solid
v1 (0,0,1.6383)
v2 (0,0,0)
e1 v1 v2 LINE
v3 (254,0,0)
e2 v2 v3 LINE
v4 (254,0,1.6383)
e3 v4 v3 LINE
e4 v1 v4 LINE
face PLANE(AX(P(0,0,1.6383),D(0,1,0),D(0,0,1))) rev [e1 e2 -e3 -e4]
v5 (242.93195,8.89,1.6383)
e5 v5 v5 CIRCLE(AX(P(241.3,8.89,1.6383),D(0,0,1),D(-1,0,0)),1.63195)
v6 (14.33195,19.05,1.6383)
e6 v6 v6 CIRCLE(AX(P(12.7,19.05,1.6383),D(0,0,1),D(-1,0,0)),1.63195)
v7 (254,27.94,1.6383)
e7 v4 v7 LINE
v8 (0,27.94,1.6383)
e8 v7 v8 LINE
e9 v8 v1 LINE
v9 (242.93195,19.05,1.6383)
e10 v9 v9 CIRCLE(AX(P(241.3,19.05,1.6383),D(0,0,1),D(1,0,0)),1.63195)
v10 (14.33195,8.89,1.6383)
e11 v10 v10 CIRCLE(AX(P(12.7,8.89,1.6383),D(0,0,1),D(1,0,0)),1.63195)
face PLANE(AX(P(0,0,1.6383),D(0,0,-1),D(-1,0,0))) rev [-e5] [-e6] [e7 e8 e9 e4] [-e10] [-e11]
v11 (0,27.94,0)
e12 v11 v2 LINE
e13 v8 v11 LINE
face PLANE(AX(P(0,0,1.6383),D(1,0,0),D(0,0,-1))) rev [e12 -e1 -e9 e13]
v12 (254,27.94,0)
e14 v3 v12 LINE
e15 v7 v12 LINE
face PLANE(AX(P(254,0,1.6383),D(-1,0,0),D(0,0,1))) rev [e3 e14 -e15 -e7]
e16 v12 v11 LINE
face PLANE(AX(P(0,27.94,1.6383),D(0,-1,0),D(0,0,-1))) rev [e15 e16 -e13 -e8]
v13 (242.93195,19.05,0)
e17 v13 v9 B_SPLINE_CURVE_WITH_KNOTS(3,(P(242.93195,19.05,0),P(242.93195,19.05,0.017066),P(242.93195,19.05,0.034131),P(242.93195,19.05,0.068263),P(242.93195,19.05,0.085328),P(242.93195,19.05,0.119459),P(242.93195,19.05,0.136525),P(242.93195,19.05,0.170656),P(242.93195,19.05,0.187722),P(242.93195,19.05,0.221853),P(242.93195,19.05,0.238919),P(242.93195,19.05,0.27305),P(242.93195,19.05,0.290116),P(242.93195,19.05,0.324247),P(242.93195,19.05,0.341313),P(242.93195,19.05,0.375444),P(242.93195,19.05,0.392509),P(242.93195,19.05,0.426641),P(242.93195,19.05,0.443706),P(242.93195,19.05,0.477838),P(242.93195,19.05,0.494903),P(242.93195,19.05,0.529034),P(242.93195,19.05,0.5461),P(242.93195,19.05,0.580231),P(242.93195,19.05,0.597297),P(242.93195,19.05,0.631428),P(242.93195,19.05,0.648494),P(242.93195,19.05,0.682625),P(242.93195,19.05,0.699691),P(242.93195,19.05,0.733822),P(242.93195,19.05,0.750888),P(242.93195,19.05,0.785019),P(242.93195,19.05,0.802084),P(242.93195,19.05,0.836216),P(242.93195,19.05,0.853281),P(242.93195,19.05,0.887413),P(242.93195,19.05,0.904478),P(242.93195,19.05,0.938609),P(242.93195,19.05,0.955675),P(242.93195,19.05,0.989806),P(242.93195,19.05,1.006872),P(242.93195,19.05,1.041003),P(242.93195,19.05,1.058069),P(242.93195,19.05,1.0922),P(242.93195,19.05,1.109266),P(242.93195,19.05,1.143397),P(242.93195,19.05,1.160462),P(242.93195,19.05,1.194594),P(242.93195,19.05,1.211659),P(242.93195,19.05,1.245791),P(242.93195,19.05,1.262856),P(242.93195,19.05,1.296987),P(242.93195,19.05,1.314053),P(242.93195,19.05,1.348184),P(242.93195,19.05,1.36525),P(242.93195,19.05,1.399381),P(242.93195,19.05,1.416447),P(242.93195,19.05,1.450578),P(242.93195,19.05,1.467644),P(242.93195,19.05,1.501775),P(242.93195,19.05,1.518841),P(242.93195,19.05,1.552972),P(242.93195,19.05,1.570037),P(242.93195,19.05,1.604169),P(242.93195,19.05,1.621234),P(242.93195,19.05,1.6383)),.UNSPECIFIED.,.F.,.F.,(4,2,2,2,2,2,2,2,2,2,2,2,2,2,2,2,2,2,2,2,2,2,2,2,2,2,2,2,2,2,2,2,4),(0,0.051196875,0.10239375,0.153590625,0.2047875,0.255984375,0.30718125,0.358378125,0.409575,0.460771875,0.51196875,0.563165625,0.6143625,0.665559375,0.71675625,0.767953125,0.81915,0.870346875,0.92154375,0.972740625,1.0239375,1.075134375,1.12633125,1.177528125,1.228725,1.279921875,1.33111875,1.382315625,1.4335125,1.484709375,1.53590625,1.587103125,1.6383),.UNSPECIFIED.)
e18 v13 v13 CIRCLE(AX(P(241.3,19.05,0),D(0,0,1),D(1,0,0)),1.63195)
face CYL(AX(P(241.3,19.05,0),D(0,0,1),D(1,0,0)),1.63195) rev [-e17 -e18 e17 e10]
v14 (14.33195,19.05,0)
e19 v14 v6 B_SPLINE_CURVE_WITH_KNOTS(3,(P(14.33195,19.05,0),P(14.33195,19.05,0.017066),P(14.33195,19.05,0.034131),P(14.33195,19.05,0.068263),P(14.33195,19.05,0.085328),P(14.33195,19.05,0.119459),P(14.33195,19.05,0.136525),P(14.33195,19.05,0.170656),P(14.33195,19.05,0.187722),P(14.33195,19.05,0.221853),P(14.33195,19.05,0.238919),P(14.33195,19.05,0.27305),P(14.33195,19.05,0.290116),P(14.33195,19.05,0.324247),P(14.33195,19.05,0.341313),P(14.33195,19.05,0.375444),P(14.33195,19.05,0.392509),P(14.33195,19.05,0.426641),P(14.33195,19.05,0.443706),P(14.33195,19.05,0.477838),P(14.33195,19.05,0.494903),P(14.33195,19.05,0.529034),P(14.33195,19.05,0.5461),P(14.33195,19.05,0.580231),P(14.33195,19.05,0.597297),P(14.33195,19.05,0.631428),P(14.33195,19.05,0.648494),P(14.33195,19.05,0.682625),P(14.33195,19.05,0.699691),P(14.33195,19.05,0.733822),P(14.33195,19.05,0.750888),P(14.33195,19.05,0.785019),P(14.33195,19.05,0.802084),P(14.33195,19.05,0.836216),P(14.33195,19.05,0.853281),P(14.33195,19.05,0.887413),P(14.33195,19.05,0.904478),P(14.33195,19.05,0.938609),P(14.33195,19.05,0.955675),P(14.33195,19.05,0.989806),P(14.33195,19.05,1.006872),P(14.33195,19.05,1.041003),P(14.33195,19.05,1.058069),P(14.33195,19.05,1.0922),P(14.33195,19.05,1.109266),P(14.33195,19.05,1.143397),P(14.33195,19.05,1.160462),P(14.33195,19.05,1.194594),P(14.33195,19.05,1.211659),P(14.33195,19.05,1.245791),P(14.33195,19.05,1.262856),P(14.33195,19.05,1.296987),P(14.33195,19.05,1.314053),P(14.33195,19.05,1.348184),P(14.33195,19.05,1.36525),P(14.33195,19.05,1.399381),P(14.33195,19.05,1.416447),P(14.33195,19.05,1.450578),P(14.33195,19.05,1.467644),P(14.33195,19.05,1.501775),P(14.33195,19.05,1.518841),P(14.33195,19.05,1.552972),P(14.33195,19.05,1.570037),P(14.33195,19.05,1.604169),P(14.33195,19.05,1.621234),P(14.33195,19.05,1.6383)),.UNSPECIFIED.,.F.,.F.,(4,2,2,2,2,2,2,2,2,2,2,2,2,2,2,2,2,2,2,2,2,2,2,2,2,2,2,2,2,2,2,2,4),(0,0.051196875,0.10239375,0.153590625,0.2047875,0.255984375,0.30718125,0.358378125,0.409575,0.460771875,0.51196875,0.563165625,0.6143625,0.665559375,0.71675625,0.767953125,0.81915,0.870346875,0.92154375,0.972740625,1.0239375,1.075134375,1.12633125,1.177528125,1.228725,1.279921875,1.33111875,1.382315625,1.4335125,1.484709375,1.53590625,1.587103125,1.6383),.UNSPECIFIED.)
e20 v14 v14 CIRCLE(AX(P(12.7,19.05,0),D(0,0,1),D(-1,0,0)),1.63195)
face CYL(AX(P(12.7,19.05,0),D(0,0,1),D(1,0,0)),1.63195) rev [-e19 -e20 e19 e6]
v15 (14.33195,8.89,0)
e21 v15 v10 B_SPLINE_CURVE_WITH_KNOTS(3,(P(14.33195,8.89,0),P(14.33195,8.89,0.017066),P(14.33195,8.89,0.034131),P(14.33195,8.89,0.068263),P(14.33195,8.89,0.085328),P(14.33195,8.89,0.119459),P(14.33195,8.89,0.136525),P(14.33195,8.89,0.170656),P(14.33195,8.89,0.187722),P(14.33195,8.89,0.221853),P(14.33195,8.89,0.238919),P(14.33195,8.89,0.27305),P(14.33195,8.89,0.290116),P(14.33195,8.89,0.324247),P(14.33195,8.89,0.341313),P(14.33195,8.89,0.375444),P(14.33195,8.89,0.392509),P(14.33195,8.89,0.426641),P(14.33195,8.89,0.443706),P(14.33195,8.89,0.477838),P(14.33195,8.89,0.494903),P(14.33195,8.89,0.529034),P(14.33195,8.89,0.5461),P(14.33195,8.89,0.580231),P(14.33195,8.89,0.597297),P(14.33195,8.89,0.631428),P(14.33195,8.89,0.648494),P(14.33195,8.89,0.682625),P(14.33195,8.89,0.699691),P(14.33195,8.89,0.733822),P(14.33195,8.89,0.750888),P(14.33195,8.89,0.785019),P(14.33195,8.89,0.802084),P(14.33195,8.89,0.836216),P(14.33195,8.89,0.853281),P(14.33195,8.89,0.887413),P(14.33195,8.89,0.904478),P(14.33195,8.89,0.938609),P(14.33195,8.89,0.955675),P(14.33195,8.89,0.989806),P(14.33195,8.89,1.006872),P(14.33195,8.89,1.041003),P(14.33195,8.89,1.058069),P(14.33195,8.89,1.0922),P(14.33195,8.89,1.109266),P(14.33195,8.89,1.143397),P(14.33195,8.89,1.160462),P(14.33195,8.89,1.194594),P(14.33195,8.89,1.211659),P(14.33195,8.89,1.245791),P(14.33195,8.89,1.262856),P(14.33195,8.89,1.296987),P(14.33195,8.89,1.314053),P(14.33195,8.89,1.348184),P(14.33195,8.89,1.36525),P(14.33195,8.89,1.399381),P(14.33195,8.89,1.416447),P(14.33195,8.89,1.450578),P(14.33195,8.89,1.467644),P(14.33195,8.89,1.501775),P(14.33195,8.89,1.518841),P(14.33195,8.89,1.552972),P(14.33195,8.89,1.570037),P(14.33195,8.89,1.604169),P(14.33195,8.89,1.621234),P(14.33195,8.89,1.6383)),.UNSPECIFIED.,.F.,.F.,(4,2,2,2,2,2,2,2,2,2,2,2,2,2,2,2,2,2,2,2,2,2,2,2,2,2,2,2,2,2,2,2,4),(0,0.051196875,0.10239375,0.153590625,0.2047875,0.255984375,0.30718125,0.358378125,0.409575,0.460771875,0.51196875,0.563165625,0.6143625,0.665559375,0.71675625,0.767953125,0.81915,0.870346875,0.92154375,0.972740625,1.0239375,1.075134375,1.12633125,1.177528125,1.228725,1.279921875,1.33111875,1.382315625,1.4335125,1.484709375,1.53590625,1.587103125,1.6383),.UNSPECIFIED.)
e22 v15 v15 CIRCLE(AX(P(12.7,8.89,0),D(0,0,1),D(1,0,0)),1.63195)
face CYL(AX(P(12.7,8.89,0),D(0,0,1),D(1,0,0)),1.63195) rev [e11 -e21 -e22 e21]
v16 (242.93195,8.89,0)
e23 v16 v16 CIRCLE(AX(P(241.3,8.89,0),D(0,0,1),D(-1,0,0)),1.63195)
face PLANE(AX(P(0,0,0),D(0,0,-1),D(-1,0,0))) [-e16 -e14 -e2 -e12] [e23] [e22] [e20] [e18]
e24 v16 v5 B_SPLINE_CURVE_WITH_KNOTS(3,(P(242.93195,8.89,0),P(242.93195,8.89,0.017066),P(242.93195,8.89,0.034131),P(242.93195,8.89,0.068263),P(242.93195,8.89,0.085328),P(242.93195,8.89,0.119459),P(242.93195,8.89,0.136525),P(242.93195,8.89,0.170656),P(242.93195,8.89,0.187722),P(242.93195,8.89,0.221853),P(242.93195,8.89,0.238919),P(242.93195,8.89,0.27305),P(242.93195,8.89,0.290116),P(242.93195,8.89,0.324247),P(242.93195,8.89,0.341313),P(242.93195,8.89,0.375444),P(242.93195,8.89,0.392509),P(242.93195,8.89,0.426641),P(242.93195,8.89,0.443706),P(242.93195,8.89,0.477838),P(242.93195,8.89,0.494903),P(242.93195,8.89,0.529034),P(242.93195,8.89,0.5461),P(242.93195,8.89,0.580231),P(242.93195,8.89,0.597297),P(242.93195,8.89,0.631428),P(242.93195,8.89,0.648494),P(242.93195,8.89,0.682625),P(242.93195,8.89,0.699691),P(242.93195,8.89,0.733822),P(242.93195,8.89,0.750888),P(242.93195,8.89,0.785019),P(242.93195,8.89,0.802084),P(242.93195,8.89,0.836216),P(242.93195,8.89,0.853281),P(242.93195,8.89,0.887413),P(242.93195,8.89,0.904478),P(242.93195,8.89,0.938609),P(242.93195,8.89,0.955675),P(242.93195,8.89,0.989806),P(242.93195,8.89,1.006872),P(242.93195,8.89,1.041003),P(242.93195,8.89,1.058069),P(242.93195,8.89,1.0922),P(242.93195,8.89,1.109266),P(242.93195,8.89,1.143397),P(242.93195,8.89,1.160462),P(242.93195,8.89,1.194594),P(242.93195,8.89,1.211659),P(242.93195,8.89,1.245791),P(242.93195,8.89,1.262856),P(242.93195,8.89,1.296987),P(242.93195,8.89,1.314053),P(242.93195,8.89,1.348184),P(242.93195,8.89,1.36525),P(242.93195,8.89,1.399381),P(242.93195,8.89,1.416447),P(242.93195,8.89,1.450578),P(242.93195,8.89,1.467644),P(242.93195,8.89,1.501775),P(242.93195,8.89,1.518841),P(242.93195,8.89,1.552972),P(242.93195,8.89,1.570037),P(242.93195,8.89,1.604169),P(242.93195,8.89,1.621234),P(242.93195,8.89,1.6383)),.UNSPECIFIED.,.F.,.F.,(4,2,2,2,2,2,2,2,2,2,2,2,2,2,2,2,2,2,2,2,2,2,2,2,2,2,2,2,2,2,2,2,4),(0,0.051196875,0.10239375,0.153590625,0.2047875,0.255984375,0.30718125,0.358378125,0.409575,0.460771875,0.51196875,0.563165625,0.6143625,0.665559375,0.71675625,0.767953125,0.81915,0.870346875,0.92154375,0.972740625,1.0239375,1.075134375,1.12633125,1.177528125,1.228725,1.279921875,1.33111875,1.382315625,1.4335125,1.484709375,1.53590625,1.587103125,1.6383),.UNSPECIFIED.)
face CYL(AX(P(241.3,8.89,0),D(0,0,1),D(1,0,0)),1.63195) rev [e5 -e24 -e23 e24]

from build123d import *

# Parameters (mm, degrees)
SKETCH1_W           = 254
SKETCH1_H           = 27.94
BOSS_EXTRUDE1_DEPTH = 1.6383
SKETCH2_R           = 1.63195
CUT_EXTRUDE1_DEPTH  = 256.537331181


with BuildPart() as part:
    # Sketch1 → Boss-Extrude1 (new body)
    with BuildSketch(Plane.XY):
        with Locations((127, 13.97)):
            Rectangle(SKETCH1_W, SKETCH1_H)
    extrude(amount=BOSS_EXTRUDE1_DEPTH)

    # Sketch2 → Cut-Extrude1 (cut, through all)
    with BuildSketch(Plane.XY.offset(1.6383)):
        with Locations((12.7, 8.89)):
            Circle(SKETCH2_R)
        with Locations((12.7, 19.05)):
            Circle(SKETCH2_R)
        with Locations((241.3, 8.89)):
            Circle(SKETCH2_R)
        with Locations((241.3, 19.05)):
            Circle(SKETCH2_R)
    extrude(amount=-CUT_EXTRUDE1_DEPTH, mode=Mode.SUBTRACT)


solid = part.part
